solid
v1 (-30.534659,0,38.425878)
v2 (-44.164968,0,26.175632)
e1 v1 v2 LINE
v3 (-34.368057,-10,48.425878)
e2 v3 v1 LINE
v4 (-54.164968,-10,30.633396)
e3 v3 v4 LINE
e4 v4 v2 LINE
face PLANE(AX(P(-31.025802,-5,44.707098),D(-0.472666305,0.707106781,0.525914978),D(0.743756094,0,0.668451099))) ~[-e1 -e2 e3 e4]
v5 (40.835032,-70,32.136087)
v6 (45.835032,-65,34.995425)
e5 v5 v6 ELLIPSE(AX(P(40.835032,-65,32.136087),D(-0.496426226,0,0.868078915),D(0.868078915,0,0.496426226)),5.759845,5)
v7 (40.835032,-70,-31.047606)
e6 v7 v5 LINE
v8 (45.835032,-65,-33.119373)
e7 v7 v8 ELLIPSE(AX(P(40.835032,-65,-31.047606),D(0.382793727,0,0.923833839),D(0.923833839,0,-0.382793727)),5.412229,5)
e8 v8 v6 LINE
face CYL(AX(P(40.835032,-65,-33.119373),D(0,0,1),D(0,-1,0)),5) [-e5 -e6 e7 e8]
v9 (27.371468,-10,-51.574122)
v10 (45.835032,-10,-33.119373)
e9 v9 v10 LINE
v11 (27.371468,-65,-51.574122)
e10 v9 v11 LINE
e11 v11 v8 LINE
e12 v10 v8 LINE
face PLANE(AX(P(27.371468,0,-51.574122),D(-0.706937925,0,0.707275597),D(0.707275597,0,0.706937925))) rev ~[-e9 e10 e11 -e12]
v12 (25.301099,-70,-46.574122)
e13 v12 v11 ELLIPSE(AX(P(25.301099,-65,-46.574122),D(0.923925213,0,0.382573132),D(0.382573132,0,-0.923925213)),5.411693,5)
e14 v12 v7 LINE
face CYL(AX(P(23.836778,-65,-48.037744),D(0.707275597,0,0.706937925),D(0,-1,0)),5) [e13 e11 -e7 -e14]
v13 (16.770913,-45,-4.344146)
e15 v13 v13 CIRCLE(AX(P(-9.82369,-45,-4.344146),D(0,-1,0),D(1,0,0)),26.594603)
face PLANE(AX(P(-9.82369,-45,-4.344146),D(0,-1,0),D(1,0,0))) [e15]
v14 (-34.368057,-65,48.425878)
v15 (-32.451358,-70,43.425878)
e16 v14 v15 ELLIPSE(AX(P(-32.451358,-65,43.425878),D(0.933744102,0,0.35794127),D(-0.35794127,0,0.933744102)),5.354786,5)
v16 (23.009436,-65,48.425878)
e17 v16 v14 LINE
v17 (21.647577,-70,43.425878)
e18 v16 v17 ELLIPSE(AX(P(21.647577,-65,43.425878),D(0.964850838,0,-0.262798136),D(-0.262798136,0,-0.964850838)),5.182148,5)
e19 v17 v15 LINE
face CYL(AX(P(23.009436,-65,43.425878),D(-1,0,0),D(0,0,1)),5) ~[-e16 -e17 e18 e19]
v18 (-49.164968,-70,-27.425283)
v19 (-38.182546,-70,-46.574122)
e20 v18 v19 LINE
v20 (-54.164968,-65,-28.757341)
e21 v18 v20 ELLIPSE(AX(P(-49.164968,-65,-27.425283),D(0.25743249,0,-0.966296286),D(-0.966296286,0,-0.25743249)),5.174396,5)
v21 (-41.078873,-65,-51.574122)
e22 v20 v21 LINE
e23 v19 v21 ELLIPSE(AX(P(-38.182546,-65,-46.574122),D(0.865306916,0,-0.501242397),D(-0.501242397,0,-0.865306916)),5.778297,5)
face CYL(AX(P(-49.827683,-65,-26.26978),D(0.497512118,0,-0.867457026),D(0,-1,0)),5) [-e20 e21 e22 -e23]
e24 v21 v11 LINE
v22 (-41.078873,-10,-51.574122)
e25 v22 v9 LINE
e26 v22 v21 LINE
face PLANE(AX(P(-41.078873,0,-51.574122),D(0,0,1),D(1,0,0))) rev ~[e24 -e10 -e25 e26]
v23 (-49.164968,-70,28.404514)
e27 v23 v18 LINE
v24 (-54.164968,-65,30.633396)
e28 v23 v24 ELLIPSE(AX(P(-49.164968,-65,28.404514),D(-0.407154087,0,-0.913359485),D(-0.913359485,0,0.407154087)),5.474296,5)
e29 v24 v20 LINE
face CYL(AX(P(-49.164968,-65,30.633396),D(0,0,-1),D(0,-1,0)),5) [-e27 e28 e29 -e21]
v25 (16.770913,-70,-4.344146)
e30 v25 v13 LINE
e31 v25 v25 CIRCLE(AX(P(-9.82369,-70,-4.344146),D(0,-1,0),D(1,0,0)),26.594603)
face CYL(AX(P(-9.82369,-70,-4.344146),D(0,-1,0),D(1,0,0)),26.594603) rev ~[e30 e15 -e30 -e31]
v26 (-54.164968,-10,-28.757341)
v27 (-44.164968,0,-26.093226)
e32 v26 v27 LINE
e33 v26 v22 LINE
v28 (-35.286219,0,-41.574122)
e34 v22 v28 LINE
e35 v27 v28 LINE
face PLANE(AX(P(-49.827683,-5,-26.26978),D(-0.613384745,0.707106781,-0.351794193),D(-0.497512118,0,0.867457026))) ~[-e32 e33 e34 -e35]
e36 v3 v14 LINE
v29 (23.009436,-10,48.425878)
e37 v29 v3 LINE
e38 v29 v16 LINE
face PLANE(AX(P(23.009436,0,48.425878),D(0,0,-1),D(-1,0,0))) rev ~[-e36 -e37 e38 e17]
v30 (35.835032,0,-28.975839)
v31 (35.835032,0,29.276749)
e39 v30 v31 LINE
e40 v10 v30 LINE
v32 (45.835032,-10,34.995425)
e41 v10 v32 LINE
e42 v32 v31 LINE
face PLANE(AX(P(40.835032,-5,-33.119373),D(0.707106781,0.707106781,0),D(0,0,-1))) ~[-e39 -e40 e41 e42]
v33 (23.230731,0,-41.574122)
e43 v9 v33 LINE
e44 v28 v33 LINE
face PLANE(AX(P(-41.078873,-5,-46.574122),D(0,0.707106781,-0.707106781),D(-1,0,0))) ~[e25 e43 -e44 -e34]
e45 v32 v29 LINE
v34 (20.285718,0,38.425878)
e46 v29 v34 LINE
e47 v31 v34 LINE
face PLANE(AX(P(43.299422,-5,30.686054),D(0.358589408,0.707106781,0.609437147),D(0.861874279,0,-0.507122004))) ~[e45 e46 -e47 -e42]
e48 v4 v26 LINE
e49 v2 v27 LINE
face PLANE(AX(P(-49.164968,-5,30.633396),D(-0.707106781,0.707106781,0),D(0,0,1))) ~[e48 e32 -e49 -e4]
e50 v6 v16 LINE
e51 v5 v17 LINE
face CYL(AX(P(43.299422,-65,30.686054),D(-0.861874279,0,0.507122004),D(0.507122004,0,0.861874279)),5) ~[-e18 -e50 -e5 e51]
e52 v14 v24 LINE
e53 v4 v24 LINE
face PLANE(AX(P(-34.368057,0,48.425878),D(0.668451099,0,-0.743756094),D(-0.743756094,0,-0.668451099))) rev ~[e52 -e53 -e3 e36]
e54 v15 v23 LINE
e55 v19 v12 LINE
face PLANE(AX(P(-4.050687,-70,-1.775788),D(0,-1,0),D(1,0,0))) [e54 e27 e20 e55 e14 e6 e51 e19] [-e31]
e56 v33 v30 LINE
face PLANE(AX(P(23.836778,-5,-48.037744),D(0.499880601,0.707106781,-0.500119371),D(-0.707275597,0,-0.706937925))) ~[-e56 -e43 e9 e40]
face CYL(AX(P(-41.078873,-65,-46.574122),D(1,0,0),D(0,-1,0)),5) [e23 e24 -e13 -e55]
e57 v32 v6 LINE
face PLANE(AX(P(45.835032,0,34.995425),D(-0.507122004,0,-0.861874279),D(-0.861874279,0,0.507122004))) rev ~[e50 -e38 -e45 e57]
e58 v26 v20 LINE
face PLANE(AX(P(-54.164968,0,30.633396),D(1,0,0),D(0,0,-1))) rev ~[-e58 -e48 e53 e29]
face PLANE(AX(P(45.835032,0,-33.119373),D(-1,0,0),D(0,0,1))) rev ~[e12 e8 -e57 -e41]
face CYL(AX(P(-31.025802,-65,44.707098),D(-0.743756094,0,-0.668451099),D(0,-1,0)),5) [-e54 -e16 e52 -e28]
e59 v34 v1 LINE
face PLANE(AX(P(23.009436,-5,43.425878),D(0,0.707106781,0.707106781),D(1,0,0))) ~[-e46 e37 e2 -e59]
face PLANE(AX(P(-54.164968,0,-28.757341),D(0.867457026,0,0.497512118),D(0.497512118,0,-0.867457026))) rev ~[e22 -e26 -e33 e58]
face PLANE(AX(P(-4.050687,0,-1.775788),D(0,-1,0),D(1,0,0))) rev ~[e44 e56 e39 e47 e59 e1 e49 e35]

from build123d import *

# Parameters (mm, degrees)
F1_DEPTH = 70
F2_SIZE  = 10
F3_R     = 5
F4_R     = 21.491967
F5_DEPTH = 39.1
F6_R     = 26.594603
F7_DEPTH = 25


with BuildPart() as f1:
    # F0 (on Front) → F1 (new body)
    with BuildSketch(Plane.XZ):
        Polygon((23.009436, 48.425878), (-34.368057, 48.425878), (-54.164968, 30.633396), (-54.164968, -28.757341), (-41.078873, -51.574122), (27.371468, -51.574122), (45.835032, -33.119373), (45.835032, 34.995425), align=None)
    extrude(amount=F1_DEPTH)

    # F2
    f2_edges = [f1.edges().sort_by_distance(p)[0] for p in [
        (-5.67931, 0, 48.425878),
        (-44.266513, 0, 39.529637),
        (-54.164968, 0, 0.938027),
        (-47.621921, 0, -40.165732),
        (-6.853702, 0, -51.574122),
        (36.60325, 0, -42.346748),
        (45.835032, 0, 0.938026),
        (34.422234, 0, 41.710652),
    ]]
    chamfer(f2_edges, length=F2_SIZE)

    # F3
    f3_edges = [f1.edges().sort_by_distance(p)[0] for p in [
        (-5.67931, -70, 48.425878),
        (-44.266513, -70, 39.529637),
        (-54.164968, -70, 0.938027),
        (-47.621921, -70, -40.165732),
        (-6.853702, -70, -51.574122),
        (36.60325, -70, -42.346748),
        (45.835032, -70, 0.938026),
        (34.422234, -70, 41.710652),
    ]]
    fillet(f3_edges, radius=F3_R)

    # F4 (on face) → F5 (join)
    with BuildSketch(Plane(origin=(0, 0, 0), x_dir=(-1, 0, 0), z_dir=(0, 1, 0))):
        Circle(F4_R)
    extrude(amount=-F5_DEPTH)

    # F6 (on face) → F7 (cut)
    with BuildSketch(Plane.XZ.offset(70)):
        with Locations((-9.82369, -4.344146)):
            Circle(F6_R)
    extrude(amount=-F7_DEPTH, mode=Mode.SUBTRACT)


solid = f1.part
